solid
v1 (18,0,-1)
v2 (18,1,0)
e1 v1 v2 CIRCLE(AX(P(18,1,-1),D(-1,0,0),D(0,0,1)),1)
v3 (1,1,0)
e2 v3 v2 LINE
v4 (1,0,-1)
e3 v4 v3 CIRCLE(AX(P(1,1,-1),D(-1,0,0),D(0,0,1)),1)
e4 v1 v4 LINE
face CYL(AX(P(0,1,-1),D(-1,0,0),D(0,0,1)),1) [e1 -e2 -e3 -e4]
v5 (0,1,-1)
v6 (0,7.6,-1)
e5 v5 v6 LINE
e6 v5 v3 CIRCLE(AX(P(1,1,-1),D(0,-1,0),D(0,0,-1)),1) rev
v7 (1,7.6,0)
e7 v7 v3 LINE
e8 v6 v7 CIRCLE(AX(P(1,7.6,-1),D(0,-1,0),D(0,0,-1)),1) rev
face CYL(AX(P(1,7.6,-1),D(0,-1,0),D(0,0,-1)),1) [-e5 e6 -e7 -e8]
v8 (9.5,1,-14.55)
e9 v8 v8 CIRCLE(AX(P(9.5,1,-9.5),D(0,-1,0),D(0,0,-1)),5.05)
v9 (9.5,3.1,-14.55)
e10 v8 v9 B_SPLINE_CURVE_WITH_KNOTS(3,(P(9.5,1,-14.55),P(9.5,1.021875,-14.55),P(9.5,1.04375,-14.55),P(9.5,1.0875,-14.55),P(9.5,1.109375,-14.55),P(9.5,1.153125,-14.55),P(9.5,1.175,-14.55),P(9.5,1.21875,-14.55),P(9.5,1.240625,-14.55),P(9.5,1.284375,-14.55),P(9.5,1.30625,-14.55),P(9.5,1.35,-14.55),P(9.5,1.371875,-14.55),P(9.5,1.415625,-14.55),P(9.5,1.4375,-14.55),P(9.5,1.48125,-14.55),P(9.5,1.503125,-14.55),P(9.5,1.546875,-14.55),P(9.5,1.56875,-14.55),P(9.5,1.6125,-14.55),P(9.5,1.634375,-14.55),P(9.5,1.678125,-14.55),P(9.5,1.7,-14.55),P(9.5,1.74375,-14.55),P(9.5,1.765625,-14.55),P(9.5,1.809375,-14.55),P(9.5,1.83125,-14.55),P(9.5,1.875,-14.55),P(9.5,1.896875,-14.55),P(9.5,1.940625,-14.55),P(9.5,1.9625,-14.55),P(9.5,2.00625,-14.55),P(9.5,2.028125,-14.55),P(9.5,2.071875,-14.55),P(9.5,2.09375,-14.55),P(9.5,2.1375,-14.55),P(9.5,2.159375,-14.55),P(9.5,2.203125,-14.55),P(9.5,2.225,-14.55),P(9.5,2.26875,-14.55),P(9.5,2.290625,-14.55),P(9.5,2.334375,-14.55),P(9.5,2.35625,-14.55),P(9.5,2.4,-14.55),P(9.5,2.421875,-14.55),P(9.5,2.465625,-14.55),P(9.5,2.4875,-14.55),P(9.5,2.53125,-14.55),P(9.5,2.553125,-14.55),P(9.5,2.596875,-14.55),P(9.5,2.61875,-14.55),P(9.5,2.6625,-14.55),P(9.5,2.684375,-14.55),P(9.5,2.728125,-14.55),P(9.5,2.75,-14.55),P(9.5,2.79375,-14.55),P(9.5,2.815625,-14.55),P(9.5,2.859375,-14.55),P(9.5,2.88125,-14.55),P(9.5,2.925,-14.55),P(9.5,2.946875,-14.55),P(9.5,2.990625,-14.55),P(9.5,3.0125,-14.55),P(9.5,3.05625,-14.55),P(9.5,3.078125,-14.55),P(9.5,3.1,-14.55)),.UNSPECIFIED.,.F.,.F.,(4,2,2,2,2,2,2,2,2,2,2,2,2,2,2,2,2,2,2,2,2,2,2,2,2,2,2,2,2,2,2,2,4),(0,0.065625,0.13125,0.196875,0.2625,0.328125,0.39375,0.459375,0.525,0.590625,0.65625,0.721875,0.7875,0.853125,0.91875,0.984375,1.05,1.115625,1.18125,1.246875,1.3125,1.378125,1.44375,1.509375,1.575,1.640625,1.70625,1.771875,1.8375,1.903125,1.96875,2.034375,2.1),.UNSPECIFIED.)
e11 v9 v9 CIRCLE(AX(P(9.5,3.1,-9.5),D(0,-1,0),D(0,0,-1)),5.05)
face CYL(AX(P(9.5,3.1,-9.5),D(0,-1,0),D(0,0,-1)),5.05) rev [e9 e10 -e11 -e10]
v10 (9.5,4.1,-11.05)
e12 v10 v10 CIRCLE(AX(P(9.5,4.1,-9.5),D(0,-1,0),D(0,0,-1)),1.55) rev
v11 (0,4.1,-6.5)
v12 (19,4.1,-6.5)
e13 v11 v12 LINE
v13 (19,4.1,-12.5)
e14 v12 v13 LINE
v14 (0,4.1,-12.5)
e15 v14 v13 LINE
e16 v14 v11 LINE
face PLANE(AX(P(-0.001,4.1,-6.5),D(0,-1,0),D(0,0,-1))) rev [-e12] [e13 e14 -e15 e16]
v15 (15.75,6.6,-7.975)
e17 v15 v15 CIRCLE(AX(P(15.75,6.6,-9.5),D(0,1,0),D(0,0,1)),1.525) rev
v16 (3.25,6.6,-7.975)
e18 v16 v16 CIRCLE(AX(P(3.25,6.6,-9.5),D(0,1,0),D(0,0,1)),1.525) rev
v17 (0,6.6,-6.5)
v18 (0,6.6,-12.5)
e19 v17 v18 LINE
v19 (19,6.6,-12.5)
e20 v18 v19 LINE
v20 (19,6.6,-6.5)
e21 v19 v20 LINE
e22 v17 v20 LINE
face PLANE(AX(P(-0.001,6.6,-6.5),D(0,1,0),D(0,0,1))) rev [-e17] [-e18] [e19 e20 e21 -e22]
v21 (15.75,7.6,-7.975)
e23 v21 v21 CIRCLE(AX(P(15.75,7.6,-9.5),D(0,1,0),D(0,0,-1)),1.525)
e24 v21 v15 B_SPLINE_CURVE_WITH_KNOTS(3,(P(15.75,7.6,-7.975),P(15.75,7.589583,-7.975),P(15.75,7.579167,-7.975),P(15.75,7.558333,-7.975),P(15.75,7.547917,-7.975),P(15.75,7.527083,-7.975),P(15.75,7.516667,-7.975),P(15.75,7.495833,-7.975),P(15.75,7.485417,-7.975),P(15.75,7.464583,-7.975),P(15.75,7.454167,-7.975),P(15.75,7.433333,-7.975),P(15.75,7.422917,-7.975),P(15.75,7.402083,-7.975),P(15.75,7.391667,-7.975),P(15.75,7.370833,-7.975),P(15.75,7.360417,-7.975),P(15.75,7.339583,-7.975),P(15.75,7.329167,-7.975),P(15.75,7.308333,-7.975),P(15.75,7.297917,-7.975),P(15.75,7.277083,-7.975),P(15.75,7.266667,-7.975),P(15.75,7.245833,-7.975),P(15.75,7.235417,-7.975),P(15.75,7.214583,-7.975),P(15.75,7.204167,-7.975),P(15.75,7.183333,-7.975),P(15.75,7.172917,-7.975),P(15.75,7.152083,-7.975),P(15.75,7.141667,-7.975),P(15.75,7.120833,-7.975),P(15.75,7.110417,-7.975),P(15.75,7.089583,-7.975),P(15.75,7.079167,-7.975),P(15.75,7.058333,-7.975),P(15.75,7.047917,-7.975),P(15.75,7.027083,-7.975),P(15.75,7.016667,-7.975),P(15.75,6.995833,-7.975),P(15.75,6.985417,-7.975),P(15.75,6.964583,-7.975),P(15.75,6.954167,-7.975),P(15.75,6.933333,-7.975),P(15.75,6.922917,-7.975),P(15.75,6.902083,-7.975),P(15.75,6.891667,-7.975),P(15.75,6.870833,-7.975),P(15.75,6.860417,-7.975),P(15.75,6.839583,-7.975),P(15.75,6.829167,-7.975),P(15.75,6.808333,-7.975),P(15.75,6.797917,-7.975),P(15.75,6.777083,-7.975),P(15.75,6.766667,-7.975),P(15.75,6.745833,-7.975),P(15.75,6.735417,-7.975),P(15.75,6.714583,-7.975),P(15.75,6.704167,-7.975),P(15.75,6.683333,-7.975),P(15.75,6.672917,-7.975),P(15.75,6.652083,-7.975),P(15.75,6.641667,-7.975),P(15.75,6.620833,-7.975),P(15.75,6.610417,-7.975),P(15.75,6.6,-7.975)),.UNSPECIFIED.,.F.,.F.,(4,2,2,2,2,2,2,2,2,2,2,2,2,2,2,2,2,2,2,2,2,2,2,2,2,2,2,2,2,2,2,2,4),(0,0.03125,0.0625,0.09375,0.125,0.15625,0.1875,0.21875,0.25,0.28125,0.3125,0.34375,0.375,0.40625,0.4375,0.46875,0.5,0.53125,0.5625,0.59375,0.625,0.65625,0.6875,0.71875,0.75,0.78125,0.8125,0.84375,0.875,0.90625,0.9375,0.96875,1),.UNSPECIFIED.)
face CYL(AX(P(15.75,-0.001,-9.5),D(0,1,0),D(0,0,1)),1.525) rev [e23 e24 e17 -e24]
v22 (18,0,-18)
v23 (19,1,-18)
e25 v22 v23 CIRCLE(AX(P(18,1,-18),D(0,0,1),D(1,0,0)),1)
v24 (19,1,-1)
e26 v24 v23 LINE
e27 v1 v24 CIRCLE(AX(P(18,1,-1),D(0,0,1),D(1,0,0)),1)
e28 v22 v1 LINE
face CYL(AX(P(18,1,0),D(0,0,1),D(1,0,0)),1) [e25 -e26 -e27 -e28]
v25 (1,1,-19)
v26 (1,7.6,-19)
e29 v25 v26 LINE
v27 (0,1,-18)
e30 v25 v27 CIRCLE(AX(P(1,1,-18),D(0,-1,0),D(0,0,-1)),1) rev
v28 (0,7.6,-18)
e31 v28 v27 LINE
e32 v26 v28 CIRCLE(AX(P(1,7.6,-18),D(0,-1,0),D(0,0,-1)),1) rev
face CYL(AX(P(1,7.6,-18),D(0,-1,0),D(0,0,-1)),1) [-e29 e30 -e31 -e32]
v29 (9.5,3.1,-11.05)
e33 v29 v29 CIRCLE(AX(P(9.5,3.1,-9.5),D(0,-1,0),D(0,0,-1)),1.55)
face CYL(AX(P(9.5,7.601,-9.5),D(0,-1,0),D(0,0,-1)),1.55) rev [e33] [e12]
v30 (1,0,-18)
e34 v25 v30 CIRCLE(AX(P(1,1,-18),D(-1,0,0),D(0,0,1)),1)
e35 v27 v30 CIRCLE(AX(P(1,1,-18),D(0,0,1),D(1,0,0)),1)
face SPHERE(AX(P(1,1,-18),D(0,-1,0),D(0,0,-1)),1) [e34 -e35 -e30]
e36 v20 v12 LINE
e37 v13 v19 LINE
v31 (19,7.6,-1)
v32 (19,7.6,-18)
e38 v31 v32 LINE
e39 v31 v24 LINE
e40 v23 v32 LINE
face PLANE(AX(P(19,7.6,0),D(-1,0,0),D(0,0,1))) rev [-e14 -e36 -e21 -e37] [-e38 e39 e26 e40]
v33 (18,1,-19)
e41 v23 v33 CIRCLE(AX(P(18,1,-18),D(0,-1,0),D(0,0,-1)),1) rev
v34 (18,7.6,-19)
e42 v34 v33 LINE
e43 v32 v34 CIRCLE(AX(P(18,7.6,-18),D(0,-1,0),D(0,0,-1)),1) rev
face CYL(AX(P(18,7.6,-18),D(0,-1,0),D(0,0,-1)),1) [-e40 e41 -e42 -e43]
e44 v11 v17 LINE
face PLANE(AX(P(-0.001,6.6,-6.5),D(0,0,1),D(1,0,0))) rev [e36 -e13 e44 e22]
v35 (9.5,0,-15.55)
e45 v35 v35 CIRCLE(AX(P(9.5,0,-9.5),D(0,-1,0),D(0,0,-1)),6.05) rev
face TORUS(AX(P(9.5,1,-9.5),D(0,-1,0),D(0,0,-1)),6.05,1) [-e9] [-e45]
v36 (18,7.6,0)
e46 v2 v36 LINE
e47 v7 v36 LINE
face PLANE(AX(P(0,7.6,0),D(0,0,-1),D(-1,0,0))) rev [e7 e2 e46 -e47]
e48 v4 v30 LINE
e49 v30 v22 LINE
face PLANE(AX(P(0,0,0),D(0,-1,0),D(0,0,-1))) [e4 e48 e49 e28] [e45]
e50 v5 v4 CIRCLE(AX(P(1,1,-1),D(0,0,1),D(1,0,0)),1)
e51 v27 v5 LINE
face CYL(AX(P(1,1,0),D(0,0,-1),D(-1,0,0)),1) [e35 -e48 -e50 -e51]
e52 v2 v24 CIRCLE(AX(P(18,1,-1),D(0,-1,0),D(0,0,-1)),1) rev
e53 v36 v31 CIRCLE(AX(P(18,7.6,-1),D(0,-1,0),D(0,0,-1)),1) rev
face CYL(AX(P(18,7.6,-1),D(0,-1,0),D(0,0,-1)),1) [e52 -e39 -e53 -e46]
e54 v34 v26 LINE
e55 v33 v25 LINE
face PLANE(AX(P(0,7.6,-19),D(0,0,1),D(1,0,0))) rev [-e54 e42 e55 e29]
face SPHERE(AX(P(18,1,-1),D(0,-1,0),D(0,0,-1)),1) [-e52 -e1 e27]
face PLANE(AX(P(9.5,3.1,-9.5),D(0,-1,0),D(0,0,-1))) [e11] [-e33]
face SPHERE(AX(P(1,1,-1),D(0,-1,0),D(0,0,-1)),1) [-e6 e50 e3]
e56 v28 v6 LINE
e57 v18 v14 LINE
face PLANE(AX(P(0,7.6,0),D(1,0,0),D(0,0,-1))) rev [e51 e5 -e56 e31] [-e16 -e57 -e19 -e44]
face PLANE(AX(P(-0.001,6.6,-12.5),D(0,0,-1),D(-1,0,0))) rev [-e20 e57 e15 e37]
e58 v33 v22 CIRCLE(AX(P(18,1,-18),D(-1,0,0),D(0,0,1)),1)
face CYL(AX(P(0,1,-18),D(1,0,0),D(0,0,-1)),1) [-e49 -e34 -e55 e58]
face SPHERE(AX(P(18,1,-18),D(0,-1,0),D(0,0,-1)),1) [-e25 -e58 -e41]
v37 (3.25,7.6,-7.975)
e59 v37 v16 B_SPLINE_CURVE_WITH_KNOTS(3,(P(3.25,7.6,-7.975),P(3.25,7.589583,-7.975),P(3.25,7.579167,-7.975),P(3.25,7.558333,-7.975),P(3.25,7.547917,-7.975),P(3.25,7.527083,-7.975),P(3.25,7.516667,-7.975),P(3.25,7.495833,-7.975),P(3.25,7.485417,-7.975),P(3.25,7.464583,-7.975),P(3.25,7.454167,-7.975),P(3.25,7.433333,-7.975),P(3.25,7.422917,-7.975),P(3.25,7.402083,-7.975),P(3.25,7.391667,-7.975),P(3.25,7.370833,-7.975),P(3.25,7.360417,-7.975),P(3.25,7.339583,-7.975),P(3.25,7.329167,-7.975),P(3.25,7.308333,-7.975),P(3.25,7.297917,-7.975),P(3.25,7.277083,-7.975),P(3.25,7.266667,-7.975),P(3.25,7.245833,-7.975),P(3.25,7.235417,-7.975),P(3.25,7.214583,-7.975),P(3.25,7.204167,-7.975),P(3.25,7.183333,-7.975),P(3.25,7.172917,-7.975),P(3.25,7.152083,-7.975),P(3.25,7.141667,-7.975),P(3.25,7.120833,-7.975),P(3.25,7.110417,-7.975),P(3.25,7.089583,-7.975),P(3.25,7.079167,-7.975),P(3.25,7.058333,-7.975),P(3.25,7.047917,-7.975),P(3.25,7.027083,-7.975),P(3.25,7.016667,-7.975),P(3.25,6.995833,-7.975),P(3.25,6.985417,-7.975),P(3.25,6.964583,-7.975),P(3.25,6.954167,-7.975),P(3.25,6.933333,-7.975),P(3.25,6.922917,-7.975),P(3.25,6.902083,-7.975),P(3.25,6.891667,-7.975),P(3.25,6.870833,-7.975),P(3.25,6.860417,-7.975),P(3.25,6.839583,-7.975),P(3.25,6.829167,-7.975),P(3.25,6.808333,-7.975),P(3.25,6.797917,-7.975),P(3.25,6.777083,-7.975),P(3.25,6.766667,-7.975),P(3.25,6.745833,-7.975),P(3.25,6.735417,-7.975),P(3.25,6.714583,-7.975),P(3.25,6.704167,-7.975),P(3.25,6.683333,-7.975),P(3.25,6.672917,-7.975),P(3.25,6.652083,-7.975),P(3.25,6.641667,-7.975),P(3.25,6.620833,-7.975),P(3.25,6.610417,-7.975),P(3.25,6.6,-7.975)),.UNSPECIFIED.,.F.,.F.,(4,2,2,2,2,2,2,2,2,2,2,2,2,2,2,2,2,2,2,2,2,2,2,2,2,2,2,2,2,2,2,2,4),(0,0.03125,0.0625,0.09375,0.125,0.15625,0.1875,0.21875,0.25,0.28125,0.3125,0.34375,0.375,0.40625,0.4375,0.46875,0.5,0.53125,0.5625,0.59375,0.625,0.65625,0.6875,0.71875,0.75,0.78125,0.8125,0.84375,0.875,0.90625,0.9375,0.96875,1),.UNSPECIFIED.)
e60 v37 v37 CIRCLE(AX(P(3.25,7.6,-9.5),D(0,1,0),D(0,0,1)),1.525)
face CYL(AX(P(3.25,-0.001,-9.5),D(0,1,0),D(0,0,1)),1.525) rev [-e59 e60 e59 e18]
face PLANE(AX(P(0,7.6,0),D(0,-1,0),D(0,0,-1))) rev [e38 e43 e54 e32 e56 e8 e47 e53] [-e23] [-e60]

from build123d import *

# Parameters (mm, degrees)
SKETCH1_W           = 19
SKETCH1_H           = 19
BOSS_EXTRUDE1_DEPTH = 7.6
CUT_EXTRUDE1_REACH  = 29.924
SKETCH2_W           = 6
SKETCH2_H           = 2.5
CUT_EXTRUDE2_REACH  = 29.924
SKETCH3_R           = 1.525
SKETCH4_R           = 5.05
CUT_EXTRUDE3_DEPTH  = 3.1
FILLET1_R           = 1
FILLET2_R           = 1
CUT_EXTRUDE4_REACH  = 29.244
SKETCH5_R           = 1.55


with BuildPart() as part:
    # Sketch1 → Boss-Extrude1 (new body)
    with BuildSketch(Plane(origin=(0, 0, 0), x_dir=(1, 0, 0), z_dir=(0, 1, 0))):
        with Locations((9.5, 9.5)):
            Rectangle(SKETCH1_W, SKETCH1_H)
    extrude(amount=BOSS_EXTRUDE1_DEPTH)

    # Sketch2 → Cut-Extrude1 (cut, up to next)
    with BuildSketch(Plane(origin=(19, 0, 0), x_dir=(0, 0, -1), z_dir=(1, 0, 0)), mode=Mode.PRIVATE) as cut_extrude1_sk1:
        with Locations((9.5, 5.35)):
            Rectangle(SKETCH2_W, SKETCH2_H)
    cut_extrude1_tool1 = extrude(cut_extrude1_sk1.sketch, amount=-CUT_EXTRUDE1_REACH, mode=Mode.PRIVATE) & part.part
    add(cut_extrude1_tool1.solids().sort_by_distance((19, 5.35, -9.5))[0], mode=Mode.SUBTRACT)

    # Sketch3 → Cut-Extrude2 (cut, up to next)
    with BuildSketch(Plane(origin=(0, 7.6, 0), x_dir=(1, 0, 0), z_dir=(0, 1, 0)), mode=Mode.PRIVATE) as cut_extrude2_sk1:
        with Locations(Location((3.25, 9.5, 0), (0, 0, 270))):
            Circle(SKETCH3_R)
    cut_extrude2_tool1 = extrude(cut_extrude2_sk1.sketch, amount=-CUT_EXTRUDE2_REACH, mode=Mode.PRIVATE) & part.part
    # Sketch3 → Cut-Extrude2 (cut, up to next)
    with BuildSketch(Plane(origin=(0, 7.6, 0), x_dir=(1, 0, 0), z_dir=(0, 1, 0)), mode=Mode.PRIVATE) as cut_extrude2_sk2:
        with Locations(Location((15.75, 9.5, 0), (0, 0, 270))):
            Circle(SKETCH3_R)
    cut_extrude2_tool2 = extrude(cut_extrude2_sk2.sketch, amount=-CUT_EXTRUDE2_REACH, mode=Mode.PRIVATE) & part.part
    add(cut_extrude2_tool1.solids().sort_by_distance((3.25, 7.6, -9.5))[0], mode=Mode.SUBTRACT)
    add(cut_extrude2_tool2.solids().sort_by_distance((15.75, 7.6, -9.5))[0], mode=Mode.SUBTRACT)

    # Sketch4 → Cut-Extrude3 (cut)
    with BuildSketch(Plane.XZ):
        with Locations(Location((9.5, -9.5, 0), (0, 0, 270))):
            Circle(SKETCH4_R)
    extrude(amount=-CUT_EXTRUDE3_DEPTH, mode=Mode.SUBTRACT)

    # Fillet1
    fillet1_edges = [part.edges().sort_by_distance(p)[0] for p in [
        (0, 3.8, -19),
        (19, 3.8, -19),
        (19, 3.8, 0),
        (0, 3.8, 0),
    ]]
    fillet(fillet1_edges, radius=FILLET1_R)

    # Fillet2
    fillet2_edges = [part.edges().sort_by_distance(p)[0] for p in [
        (9.5, 0, -4.45),
        (0, 0, -9.5),
        (9.5, 0, -19),
        (19, 0, -9.5),
        (9.5, 0, 0),
        (18.707106781, 0, -0.292893219),
        (0.292893219, 0, -0.292893219),
        (18.707106781, 0, -18.707106781),
        (0.292893219, 0, -18.707106781),
    ]]
    fillet(fillet2_edges, radius=FILLET2_R)

    # Sketch5 → Cut-Extrude4 (cut, up to next)
    with BuildSketch(Plane.XZ.offset(-3.1), mode=Mode.PRIVATE) as cut_extrude4_sk1:
        with Locations(Location((9.5, -9.5, 0), (0, 0, 270))):
            Circle(SKETCH5_R)
    cut_extrude4_tool1 = extrude(cut_extrude4_sk1.sketch, amount=-CUT_EXTRUDE4_REACH, mode=Mode.PRIVATE) & part.part
    add(cut_extrude4_tool1.solids().sort_by_distance((9.5, 3.1, -9.5))[0], mode=Mode.SUBTRACT)


solid = part.part
